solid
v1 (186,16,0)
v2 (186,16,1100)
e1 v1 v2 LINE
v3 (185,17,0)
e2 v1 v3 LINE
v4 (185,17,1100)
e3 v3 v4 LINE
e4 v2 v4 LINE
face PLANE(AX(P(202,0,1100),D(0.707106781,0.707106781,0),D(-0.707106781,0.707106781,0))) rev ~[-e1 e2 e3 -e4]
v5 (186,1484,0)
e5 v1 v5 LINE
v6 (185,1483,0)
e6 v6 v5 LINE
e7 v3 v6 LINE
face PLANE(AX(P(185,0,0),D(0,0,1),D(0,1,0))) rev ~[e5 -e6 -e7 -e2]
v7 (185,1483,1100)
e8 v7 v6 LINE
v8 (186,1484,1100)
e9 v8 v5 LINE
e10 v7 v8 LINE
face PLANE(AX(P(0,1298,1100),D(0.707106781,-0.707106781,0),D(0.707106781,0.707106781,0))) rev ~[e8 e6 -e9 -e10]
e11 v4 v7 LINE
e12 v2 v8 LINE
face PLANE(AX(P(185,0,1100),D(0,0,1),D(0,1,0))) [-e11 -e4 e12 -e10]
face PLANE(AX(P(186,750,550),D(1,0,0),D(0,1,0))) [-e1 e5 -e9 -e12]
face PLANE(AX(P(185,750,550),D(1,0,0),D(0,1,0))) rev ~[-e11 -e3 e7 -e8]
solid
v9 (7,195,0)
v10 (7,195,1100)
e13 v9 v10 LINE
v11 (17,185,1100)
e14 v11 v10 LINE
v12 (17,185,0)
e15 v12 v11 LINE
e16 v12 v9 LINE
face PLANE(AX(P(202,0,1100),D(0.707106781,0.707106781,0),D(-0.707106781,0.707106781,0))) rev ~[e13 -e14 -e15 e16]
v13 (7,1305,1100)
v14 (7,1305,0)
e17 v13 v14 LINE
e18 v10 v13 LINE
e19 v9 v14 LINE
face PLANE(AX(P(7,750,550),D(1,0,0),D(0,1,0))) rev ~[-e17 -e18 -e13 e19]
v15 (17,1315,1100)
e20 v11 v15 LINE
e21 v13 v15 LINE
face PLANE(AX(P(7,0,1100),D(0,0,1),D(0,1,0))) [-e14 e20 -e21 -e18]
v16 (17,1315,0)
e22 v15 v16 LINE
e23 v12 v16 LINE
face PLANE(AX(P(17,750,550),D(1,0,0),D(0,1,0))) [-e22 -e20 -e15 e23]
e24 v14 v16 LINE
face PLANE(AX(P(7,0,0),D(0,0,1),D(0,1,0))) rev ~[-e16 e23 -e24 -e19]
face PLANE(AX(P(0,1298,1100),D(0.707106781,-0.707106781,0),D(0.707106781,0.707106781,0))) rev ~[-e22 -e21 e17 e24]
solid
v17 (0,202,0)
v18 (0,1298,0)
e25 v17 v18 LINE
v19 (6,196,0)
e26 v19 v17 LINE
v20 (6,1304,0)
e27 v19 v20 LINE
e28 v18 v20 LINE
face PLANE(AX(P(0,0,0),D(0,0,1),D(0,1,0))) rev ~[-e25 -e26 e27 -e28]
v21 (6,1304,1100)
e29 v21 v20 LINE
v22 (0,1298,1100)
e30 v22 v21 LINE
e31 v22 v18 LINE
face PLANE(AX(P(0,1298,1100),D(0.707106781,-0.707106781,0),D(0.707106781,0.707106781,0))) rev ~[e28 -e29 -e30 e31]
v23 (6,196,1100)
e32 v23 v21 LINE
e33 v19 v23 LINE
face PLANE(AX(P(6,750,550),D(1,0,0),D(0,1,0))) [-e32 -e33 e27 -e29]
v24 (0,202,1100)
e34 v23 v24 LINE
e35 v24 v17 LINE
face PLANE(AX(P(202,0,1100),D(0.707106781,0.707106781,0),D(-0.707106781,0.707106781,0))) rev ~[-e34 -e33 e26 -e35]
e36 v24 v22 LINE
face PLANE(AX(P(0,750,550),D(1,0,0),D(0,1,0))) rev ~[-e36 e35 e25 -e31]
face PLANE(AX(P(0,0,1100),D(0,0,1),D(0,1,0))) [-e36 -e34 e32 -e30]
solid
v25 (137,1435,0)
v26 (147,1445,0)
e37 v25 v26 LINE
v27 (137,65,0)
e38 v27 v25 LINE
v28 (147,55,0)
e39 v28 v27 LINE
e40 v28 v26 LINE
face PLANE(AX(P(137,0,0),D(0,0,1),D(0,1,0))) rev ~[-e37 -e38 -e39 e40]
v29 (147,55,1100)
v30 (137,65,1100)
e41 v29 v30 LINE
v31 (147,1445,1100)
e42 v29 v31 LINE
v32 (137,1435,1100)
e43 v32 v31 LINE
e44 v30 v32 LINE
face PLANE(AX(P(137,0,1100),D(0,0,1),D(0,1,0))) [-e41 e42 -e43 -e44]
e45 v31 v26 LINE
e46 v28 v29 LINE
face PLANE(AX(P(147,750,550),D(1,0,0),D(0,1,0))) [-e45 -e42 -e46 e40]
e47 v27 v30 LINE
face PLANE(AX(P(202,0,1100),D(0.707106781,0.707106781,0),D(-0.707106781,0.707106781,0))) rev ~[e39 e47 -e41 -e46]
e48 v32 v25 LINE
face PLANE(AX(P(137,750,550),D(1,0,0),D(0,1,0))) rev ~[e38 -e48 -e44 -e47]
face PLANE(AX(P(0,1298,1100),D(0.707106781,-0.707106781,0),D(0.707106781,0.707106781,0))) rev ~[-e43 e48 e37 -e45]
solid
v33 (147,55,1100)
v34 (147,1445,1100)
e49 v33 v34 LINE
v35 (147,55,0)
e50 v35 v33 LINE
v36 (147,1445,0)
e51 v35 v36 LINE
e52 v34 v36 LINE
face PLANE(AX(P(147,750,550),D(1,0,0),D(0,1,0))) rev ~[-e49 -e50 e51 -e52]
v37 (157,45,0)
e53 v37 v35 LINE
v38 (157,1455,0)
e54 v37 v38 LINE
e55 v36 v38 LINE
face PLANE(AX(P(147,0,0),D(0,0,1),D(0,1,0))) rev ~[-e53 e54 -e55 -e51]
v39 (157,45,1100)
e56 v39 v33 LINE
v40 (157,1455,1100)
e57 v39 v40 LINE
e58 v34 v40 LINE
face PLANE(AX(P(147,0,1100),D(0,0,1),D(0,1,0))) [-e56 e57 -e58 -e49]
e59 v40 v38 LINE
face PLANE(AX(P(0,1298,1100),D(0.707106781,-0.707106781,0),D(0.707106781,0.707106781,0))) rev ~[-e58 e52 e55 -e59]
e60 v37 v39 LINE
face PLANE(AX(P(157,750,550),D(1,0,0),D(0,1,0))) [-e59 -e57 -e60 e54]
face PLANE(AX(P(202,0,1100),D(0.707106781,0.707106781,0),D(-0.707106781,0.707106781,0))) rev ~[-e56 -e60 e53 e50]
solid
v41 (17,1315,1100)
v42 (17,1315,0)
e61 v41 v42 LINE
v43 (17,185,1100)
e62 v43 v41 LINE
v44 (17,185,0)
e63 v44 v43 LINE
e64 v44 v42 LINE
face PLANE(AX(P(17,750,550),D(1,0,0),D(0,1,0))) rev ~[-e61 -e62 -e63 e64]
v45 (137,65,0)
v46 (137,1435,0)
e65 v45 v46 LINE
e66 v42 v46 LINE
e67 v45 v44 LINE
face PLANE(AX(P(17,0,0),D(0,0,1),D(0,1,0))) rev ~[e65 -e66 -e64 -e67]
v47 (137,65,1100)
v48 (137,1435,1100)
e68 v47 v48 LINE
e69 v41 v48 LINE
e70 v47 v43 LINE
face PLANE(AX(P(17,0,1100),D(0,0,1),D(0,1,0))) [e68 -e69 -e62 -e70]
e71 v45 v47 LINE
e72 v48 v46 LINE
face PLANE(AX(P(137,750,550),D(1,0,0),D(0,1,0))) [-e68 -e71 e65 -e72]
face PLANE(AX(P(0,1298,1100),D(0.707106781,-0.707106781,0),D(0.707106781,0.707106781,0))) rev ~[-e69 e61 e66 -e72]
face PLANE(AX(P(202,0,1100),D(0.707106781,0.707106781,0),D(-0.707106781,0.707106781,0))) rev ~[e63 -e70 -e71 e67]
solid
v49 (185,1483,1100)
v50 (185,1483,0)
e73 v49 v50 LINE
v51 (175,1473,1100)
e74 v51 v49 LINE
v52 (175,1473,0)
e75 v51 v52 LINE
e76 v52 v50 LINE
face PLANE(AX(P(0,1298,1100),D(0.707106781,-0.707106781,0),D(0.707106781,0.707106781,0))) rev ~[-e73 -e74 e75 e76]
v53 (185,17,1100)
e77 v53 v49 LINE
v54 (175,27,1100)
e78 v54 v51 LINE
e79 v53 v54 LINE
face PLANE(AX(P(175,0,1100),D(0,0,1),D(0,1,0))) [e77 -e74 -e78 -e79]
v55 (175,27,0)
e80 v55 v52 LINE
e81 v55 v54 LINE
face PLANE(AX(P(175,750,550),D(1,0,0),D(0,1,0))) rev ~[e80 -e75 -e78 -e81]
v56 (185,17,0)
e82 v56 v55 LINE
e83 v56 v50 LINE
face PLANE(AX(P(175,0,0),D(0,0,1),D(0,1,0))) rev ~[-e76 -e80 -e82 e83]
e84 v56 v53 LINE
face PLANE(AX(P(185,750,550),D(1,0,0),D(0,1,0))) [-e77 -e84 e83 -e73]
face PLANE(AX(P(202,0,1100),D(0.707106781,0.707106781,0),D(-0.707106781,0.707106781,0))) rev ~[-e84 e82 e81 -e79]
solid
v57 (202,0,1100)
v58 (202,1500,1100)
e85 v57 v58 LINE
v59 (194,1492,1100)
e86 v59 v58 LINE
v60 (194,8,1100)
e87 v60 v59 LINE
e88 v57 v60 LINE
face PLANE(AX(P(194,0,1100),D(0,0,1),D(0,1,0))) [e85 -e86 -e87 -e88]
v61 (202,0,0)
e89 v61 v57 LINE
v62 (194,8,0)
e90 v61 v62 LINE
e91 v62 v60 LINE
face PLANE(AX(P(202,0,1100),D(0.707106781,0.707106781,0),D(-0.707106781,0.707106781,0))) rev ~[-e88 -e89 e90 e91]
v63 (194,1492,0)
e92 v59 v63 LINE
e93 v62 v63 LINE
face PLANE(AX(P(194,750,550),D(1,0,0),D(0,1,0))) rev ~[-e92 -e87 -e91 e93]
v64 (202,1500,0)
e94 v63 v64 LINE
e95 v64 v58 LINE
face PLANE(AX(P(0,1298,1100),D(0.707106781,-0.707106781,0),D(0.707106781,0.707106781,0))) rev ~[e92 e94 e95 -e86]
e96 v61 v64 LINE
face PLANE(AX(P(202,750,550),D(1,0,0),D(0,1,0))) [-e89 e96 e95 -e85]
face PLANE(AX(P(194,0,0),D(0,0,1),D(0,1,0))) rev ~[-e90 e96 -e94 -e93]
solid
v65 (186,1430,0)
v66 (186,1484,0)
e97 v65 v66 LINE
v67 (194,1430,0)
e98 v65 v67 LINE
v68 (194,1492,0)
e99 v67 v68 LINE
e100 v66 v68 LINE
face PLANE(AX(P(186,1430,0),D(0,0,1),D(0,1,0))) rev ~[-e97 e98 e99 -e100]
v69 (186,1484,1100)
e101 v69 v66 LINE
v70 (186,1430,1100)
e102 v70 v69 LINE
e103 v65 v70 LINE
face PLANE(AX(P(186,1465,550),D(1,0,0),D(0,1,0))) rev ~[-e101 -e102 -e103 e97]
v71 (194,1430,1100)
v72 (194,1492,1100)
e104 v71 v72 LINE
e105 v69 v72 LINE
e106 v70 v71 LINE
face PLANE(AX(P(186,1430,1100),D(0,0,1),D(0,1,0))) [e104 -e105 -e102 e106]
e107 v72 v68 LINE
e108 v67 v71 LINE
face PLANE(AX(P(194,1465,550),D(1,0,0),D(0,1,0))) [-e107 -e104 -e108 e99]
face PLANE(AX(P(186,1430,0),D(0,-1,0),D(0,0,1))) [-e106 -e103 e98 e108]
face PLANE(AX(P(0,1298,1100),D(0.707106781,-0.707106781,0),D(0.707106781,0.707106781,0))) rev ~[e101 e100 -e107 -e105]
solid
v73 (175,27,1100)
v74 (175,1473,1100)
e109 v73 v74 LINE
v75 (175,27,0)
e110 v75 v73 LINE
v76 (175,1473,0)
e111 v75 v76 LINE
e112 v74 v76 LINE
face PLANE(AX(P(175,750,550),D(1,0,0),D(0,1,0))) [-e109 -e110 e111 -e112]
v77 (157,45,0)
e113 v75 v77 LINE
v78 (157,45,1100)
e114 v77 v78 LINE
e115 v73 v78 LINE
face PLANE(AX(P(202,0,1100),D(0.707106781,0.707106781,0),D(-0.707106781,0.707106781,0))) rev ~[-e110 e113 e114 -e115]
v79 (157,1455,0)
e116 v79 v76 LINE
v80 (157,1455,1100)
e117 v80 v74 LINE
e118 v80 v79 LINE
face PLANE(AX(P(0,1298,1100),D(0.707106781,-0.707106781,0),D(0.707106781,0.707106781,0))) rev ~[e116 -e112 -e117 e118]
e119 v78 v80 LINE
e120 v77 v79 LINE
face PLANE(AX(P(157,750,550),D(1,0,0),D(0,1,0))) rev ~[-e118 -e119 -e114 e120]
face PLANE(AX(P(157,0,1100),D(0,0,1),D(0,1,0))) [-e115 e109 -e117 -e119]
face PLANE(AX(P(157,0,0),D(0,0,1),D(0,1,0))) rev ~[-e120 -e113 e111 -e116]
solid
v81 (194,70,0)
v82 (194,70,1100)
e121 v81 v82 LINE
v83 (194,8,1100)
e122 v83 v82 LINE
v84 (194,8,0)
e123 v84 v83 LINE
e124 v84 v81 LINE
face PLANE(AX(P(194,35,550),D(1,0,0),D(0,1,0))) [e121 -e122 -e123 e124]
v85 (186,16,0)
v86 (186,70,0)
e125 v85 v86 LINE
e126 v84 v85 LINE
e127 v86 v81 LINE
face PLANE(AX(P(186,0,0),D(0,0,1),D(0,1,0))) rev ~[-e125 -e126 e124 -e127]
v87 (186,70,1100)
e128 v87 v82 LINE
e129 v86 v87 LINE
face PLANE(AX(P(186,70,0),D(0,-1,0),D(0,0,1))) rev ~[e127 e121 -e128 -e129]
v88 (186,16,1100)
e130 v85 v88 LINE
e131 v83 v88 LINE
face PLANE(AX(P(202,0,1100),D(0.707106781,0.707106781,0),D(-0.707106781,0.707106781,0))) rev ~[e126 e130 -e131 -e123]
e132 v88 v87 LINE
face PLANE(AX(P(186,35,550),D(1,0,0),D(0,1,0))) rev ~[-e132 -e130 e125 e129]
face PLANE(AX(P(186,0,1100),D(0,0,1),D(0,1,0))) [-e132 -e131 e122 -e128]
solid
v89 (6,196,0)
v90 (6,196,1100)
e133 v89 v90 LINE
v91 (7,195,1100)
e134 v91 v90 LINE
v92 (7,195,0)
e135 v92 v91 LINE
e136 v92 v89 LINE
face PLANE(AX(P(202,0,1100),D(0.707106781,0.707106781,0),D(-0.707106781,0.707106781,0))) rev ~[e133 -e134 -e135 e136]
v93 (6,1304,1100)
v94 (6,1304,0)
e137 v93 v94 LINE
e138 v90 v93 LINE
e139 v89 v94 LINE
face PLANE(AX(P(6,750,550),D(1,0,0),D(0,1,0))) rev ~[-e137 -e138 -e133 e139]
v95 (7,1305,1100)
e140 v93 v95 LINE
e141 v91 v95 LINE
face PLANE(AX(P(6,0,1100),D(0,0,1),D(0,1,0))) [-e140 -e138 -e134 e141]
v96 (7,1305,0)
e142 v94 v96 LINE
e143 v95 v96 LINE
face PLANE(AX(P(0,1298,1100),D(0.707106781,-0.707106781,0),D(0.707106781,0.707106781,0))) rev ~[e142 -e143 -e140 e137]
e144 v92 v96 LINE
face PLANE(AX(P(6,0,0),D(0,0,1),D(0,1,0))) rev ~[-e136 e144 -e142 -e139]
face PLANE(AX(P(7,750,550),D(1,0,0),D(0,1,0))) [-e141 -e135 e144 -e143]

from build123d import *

# Parameters (mm, degrees)
F0_W      = 1500
F0_H      = 1100
F1_DEPTH  = 6
F2_DEPTH  = 1
F3_DEPTH  = 10
F4_DEPTH  = 120
F5_DEPTH  = 10
F6_DEPTH  = 10
F7_DEPTH  = 18
F8_DEPTH  = 10
F9_DEPTH  = 1
F10_W     = 70
F10_H     = 1100
F11_DEPTH = 8
F12_W     = 1500
F12_H     = 1100
F13_DEPTH = 8
F15_DEPTH = 1100.001


with BuildPart() as f1:
    # F0 (on Right) → F1 (new body)
    with BuildSketch(Plane.YZ):
        with Locations((750, 550)):
            Rectangle(F0_W, F0_H)
    extrude(amount=F1_DEPTH)


with BuildPart() as f2:
    # F2 (new): a face of the model
    f2_faces = [f1.part.faces().sort_by_distance(p)[0] for p in [
        (6, 750, 550),
    ]]
    extrude(f2_faces, amount=F2_DEPTH)


with BuildPart() as f3:
    # F3 (new): a face of the model
    f3_faces = [f2.part.faces().sort_by_distance(p)[0] for p in [
        (7, 750, 550),
    ]]
    extrude(f3_faces, amount=F3_DEPTH)


with BuildPart() as f4:
    # F4 (new): a face of the model
    f4_faces = [f3.part.faces().sort_by_distance(p)[0] for p in [
        (17, 750, 550),
    ]]
    extrude(f4_faces, amount=F4_DEPTH)


with BuildPart() as f5:
    # F5 (new): a face of the model
    f5_faces = [f4.part.faces().sort_by_distance(p)[0] for p in [
        (137, 750, 550),
    ]]
    extrude(f5_faces, amount=F5_DEPTH)


with BuildPart() as f6:
    # F6 (new): a face of the model
    f6_faces = [f5.part.faces().sort_by_distance(p)[0] for p in [
        (147, 750, 550),
    ]]
    extrude(f6_faces, amount=F6_DEPTH)


with BuildPart() as f7:
    # F7 (new): a face of the model
    f7_faces = [f6.part.faces().sort_by_distance(p)[0] for p in [
        (157, 750, 550),
    ]]
    extrude(f7_faces, amount=F7_DEPTH)


with BuildPart() as f8:
    # F8 (new): a face of the model
    f8_faces = [f7.part.faces().sort_by_distance(p)[0] for p in [
        (175, 750, 550),
    ]]
    extrude(f8_faces, amount=F8_DEPTH)


with BuildPart() as f9:
    # F9 (new): a face of the model
    f9_faces = [f8.part.faces().sort_by_distance(p)[0] for p in [
        (185, 750, 550),
    ]]
    extrude(f9_faces, amount=F9_DEPTH)


with BuildPart() as f11:
    # F10 (on face) → F11 (new body)
    with BuildSketch(Plane.YZ.offset(186)):
        with Locations((35, 550)):
            Rectangle(F10_W, F10_H)
    extrude(amount=F11_DEPTH)


with BuildPart() as f11b:
    # F10 (on face) → F11, piece 2 (new body)
    with BuildSketch(Plane.YZ.offset(186)):
        with Locations((1465, 550)):
            Rectangle(F10_W, F10_H)
    extrude(amount=F11_DEPTH)


with BuildPart() as f13:
    # F12 (on face) → F13 (new body)
    with BuildSketch(Plane.YZ.offset(194)):
        with Locations((750, 550)):
            Rectangle(F12_W, F12_H)
    extrude(amount=F13_DEPTH)


with BuildPart() as f15_tool:
    # F14 (on face) → F15 (new body, through all)
    with BuildSketch(Plane.XY.offset(1100)):
        Polygon((0, 1298), (202, 1500), (0, 1500), align=None)
        Polygon((202, 0), (0, 202), (0, 0), align=None)
    extrude(amount=-F15_DEPTH)


with BuildPart() as f1_1:
    add(f1.part)

    # F15: cut by f15_tool
    add(f15_tool.part, mode=Mode.SUBTRACT)


with BuildPart() as f2_1:
    add(f2.part)

    # F15: cut by f15_tool
    add(f15_tool.part, mode=Mode.SUBTRACT)


with BuildPart() as f3_1:
    add(f3.part)

    # F15: cut by f15_tool
    add(f15_tool.part, mode=Mode.SUBTRACT)


with BuildPart() as f4_1:
    add(f4.part)

    # F15: cut by f15_tool
    add(f15_tool.part, mode=Mode.SUBTRACT)


with BuildPart() as f5_1:
    add(f5.part)

    # F15: cut by f15_tool
    add(f15_tool.part, mode=Mode.SUBTRACT)


with BuildPart() as f6_1:
    add(f6.part)

    # F15: cut by f15_tool
    add(f15_tool.part, mode=Mode.SUBTRACT)


with BuildPart() as f7_1:
    add(f7.part)

    # F15: cut by f15_tool
    add(f15_tool.part, mode=Mode.SUBTRACT)


with BuildPart() as f8_1:
    add(f8.part)

    # F15: cut by f15_tool
    add(f15_tool.part, mode=Mode.SUBTRACT)


with BuildPart() as f9_1:
    add(f9.part)

    # F15: cut by f15_tool
    add(f15_tool.part, mode=Mode.SUBTRACT)


with BuildPart() as f11_1:
    add(f11.part)

    # F15: cut by f15_tool
    add(f15_tool.part, mode=Mode.SUBTRACT)


with BuildPart() as f11b_1:
    add(f11b.part)

    # F15: cut by f15_tool
    add(f15_tool.part, mode=Mode.SUBTRACT)


with BuildPart() as f13_1:
    add(f13.part)

    # F15: cut by f15_tool
    add(f15_tool.part, mode=Mode.SUBTRACT)


solid = Compound([f1_1.part, f2_1.part, f3_1.part, f4_1.part, f5_1.part, f6_1.part, f7_1.part, f8_1.part, f9_1.part, f11_1.part, f11b_1.part, f13_1.part])
